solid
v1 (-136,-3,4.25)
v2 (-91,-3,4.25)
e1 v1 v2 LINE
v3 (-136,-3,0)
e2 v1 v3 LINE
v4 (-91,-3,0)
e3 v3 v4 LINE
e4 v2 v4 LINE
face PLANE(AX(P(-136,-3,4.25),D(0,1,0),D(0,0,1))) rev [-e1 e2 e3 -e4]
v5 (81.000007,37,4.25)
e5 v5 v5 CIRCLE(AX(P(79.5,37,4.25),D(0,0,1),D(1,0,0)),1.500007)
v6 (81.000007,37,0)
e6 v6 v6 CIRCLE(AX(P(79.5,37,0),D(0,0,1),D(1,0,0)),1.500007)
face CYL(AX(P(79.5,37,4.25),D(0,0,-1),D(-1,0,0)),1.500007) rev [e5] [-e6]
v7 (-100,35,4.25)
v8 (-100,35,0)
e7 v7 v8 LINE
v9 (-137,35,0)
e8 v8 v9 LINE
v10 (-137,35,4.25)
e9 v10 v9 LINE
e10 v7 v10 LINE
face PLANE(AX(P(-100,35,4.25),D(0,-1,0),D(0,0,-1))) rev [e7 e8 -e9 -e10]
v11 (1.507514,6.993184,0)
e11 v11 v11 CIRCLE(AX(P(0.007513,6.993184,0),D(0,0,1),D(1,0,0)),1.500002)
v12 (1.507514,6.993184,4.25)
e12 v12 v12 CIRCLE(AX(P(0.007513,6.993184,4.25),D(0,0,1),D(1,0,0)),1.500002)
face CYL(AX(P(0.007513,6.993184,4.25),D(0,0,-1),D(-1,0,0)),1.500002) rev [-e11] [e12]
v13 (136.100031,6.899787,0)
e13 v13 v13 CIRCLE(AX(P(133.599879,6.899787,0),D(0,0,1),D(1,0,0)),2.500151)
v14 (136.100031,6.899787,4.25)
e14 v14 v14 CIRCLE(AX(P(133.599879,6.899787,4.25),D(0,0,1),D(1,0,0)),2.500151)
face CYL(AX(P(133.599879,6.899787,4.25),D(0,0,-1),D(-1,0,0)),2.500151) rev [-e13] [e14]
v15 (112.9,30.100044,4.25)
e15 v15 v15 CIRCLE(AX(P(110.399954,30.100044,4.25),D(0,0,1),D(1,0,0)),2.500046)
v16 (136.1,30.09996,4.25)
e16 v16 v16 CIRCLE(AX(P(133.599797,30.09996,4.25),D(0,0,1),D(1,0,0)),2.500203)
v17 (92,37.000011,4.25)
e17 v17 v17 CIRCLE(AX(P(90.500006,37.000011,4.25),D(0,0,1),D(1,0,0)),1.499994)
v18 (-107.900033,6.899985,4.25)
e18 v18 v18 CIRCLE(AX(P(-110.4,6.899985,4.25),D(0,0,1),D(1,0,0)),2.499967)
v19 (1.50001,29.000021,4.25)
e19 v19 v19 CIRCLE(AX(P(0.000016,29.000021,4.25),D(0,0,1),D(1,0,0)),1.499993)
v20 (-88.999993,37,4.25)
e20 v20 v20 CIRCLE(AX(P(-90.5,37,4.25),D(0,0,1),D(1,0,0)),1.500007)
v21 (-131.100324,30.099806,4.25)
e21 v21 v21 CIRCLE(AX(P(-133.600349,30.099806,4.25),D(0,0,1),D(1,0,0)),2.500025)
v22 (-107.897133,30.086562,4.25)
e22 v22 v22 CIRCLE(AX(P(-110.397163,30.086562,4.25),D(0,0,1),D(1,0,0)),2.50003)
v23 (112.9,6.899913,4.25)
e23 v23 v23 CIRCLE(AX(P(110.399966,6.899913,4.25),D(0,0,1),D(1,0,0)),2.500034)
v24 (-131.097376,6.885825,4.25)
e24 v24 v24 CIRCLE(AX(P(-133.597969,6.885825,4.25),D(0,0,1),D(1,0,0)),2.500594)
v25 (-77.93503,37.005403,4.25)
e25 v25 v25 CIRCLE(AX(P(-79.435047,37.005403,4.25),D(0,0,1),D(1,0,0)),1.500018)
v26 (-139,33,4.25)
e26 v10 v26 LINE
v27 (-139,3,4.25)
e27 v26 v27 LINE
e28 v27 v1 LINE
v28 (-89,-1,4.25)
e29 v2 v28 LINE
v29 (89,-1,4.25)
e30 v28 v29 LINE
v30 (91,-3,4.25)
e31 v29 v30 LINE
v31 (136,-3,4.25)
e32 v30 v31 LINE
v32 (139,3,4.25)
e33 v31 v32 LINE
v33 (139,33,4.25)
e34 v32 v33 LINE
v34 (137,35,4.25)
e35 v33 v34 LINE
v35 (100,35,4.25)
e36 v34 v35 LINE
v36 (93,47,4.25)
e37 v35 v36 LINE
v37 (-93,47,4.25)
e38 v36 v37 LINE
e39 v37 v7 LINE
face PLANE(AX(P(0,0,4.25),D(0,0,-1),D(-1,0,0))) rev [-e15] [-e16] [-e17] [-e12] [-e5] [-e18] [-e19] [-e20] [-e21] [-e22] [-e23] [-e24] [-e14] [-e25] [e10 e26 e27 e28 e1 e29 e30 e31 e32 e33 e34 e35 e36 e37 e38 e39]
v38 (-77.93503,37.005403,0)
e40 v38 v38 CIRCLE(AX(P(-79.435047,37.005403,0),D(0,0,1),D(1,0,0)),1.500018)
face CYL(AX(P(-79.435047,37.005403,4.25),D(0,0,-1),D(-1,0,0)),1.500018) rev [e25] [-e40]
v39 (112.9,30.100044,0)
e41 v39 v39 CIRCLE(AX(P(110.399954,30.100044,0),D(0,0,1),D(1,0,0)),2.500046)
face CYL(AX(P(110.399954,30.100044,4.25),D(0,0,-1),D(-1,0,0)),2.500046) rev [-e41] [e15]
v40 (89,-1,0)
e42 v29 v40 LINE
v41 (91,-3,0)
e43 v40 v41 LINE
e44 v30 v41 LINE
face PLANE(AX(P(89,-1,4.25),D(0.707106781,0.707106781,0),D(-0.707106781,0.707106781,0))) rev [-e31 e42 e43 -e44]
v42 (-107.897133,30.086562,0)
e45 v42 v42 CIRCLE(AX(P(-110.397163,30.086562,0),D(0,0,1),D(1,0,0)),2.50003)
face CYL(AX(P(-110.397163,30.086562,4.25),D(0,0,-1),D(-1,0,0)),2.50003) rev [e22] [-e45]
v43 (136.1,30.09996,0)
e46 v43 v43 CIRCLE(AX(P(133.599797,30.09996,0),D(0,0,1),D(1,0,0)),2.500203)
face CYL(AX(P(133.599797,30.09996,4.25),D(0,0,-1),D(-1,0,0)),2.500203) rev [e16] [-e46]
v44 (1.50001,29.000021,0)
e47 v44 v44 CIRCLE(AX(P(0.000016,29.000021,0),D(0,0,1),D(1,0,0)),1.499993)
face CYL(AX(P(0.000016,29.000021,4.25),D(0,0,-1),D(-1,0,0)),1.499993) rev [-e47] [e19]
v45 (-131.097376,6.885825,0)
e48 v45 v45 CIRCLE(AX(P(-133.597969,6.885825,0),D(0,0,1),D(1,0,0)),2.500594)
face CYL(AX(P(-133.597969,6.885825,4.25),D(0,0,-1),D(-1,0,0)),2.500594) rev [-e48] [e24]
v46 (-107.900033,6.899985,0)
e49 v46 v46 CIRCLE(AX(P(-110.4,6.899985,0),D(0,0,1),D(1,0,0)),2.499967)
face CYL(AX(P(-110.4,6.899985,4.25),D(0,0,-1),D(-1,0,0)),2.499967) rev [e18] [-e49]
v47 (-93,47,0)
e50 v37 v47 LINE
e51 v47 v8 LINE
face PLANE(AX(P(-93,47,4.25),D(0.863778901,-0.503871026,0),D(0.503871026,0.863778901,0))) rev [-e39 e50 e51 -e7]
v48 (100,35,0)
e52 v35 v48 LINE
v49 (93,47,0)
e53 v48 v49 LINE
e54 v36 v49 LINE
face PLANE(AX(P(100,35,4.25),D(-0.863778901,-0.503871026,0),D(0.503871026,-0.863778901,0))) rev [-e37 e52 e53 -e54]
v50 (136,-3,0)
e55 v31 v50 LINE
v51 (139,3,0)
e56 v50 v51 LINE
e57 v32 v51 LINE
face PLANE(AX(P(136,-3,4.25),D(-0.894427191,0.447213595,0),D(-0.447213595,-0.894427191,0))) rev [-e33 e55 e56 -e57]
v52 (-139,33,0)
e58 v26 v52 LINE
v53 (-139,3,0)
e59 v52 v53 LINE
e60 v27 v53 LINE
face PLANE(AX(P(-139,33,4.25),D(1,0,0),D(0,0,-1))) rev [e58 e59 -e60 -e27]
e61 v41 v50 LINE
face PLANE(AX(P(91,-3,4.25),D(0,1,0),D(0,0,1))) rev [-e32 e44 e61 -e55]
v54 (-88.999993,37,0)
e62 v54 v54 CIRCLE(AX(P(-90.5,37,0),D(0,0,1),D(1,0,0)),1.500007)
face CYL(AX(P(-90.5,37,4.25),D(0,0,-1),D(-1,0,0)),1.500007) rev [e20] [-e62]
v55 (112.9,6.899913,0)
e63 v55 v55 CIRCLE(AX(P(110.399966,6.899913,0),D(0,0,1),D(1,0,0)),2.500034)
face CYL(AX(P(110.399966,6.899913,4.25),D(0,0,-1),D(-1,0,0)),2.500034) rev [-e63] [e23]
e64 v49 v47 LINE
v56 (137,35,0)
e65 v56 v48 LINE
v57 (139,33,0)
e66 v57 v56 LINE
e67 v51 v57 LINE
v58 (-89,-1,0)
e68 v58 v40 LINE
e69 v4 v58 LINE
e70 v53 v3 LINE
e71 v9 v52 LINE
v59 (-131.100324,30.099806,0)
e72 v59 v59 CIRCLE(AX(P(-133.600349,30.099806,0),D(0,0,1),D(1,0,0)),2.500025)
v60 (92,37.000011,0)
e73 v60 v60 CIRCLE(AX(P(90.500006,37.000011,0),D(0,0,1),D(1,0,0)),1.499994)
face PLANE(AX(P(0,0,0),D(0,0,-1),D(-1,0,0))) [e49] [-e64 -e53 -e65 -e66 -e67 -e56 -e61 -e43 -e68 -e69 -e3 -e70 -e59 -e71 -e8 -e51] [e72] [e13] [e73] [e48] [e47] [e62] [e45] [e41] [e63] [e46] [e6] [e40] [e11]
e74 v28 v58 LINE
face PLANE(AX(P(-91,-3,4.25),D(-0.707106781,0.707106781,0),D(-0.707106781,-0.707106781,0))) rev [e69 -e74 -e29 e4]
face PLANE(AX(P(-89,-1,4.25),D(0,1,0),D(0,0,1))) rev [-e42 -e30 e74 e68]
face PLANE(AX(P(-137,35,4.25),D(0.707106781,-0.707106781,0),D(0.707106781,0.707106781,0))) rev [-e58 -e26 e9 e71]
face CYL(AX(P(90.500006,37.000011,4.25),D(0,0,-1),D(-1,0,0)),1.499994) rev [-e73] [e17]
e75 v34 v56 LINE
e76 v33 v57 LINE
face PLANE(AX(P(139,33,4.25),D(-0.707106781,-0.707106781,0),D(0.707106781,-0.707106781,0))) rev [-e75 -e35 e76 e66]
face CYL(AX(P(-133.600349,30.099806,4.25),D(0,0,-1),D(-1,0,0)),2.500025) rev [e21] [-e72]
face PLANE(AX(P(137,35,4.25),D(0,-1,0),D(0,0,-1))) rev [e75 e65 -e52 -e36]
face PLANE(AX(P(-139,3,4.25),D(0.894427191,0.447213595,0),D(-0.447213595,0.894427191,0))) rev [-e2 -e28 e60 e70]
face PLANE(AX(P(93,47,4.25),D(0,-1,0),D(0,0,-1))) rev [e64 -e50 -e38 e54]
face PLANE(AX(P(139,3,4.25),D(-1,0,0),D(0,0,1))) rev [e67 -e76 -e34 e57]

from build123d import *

# Parameters (mm, degrees)
SKETCH1_R           = 2.500025339
SKETCH1_R_2         = 2.500030275
SKETCH1_R_3         = 2.50059385
SKETCH1_R_4         = 2.49996671
SKETCH1_R_5         = 1.500006603
SKETCH1_R_6         = 1.500017827
SKETCH1_R_7         = 1.499993425
SKETCH1_R_8         = 1.500001567
SKETCH1_R_9         = 1.499994017
SKETCH1_R_10        = 2.500046291
SKETCH1_R_11        = 2.500203468
SKETCH1_R_12        = 2.500034464
SKETCH1_R_13        = 2.500151338
BOSS_EXTRUDE1_DEPTH = 4.25


with BuildPart() as part:
    # Sketch1 → Boss-Extrude1 (new body)
    with BuildSketch(Plane.XY):
        Polygon((-89, -1), (89, -1), (91, -3), (136, -3), (139, 3), (139, 33), (137, 35), (100, 35), (93, 47), (-93, 47), (-100, 35), (-137, 35), (-139, 33), (-139, 3), (-136, -3), (-91, -3), align=None)
        with Locations((-133.600349177, 30.099805675)):
            Circle(SKETCH1_R, mode=Mode.SUBTRACT)
        with Locations((-110.397163401, 30.086562155)):
            Circle(SKETCH1_R_2, mode=Mode.SUBTRACT)
        with Locations((-133.597969419, 6.885824912)):
            Circle(SKETCH1_R_3, mode=Mode.SUBTRACT)
        with Locations((-110.4, 6.899985)):
            Circle(SKETCH1_R_4, mode=Mode.SUBTRACT)
        with Locations((-90.5, 37)):
            Circle(SKETCH1_R_5, mode=Mode.SUBTRACT)
        with Locations((-79.435047391, 37.005403238)):
            Circle(SKETCH1_R_6, mode=Mode.SUBTRACT)
        with Locations((1.6217e-05, 29.00002115)):
            Circle(SKETCH1_R_7, mode=Mode.SUBTRACT)
        with Locations((0.007512826, 6.993184051)):
            Circle(SKETCH1_R_8, mode=Mode.SUBTRACT)
        with Locations((79.5, 37)):
            Circle(SKETCH1_R_5, mode=Mode.SUBTRACT)
        with Locations((90.500005983, 37.00001129)):
            Circle(SKETCH1_R_9, mode=Mode.SUBTRACT)
        with Locations((110.399953709, 30.100043687)):
            Circle(SKETCH1_R_10, mode=Mode.SUBTRACT)
        with Locations((133.599796532, 30.099959619)):
            Circle(SKETCH1_R_11, mode=Mode.SUBTRACT)
        with Locations((110.399965537, 6.899913257)):
            Circle(SKETCH1_R_12, mode=Mode.SUBTRACT)
        with Locations((133.599879489, 6.899786711)):
            Circle(SKETCH1_R_13, mode=Mode.SUBTRACT)
    extrude(amount=BOSS_EXTRUDE1_DEPTH)


solid = part.part
